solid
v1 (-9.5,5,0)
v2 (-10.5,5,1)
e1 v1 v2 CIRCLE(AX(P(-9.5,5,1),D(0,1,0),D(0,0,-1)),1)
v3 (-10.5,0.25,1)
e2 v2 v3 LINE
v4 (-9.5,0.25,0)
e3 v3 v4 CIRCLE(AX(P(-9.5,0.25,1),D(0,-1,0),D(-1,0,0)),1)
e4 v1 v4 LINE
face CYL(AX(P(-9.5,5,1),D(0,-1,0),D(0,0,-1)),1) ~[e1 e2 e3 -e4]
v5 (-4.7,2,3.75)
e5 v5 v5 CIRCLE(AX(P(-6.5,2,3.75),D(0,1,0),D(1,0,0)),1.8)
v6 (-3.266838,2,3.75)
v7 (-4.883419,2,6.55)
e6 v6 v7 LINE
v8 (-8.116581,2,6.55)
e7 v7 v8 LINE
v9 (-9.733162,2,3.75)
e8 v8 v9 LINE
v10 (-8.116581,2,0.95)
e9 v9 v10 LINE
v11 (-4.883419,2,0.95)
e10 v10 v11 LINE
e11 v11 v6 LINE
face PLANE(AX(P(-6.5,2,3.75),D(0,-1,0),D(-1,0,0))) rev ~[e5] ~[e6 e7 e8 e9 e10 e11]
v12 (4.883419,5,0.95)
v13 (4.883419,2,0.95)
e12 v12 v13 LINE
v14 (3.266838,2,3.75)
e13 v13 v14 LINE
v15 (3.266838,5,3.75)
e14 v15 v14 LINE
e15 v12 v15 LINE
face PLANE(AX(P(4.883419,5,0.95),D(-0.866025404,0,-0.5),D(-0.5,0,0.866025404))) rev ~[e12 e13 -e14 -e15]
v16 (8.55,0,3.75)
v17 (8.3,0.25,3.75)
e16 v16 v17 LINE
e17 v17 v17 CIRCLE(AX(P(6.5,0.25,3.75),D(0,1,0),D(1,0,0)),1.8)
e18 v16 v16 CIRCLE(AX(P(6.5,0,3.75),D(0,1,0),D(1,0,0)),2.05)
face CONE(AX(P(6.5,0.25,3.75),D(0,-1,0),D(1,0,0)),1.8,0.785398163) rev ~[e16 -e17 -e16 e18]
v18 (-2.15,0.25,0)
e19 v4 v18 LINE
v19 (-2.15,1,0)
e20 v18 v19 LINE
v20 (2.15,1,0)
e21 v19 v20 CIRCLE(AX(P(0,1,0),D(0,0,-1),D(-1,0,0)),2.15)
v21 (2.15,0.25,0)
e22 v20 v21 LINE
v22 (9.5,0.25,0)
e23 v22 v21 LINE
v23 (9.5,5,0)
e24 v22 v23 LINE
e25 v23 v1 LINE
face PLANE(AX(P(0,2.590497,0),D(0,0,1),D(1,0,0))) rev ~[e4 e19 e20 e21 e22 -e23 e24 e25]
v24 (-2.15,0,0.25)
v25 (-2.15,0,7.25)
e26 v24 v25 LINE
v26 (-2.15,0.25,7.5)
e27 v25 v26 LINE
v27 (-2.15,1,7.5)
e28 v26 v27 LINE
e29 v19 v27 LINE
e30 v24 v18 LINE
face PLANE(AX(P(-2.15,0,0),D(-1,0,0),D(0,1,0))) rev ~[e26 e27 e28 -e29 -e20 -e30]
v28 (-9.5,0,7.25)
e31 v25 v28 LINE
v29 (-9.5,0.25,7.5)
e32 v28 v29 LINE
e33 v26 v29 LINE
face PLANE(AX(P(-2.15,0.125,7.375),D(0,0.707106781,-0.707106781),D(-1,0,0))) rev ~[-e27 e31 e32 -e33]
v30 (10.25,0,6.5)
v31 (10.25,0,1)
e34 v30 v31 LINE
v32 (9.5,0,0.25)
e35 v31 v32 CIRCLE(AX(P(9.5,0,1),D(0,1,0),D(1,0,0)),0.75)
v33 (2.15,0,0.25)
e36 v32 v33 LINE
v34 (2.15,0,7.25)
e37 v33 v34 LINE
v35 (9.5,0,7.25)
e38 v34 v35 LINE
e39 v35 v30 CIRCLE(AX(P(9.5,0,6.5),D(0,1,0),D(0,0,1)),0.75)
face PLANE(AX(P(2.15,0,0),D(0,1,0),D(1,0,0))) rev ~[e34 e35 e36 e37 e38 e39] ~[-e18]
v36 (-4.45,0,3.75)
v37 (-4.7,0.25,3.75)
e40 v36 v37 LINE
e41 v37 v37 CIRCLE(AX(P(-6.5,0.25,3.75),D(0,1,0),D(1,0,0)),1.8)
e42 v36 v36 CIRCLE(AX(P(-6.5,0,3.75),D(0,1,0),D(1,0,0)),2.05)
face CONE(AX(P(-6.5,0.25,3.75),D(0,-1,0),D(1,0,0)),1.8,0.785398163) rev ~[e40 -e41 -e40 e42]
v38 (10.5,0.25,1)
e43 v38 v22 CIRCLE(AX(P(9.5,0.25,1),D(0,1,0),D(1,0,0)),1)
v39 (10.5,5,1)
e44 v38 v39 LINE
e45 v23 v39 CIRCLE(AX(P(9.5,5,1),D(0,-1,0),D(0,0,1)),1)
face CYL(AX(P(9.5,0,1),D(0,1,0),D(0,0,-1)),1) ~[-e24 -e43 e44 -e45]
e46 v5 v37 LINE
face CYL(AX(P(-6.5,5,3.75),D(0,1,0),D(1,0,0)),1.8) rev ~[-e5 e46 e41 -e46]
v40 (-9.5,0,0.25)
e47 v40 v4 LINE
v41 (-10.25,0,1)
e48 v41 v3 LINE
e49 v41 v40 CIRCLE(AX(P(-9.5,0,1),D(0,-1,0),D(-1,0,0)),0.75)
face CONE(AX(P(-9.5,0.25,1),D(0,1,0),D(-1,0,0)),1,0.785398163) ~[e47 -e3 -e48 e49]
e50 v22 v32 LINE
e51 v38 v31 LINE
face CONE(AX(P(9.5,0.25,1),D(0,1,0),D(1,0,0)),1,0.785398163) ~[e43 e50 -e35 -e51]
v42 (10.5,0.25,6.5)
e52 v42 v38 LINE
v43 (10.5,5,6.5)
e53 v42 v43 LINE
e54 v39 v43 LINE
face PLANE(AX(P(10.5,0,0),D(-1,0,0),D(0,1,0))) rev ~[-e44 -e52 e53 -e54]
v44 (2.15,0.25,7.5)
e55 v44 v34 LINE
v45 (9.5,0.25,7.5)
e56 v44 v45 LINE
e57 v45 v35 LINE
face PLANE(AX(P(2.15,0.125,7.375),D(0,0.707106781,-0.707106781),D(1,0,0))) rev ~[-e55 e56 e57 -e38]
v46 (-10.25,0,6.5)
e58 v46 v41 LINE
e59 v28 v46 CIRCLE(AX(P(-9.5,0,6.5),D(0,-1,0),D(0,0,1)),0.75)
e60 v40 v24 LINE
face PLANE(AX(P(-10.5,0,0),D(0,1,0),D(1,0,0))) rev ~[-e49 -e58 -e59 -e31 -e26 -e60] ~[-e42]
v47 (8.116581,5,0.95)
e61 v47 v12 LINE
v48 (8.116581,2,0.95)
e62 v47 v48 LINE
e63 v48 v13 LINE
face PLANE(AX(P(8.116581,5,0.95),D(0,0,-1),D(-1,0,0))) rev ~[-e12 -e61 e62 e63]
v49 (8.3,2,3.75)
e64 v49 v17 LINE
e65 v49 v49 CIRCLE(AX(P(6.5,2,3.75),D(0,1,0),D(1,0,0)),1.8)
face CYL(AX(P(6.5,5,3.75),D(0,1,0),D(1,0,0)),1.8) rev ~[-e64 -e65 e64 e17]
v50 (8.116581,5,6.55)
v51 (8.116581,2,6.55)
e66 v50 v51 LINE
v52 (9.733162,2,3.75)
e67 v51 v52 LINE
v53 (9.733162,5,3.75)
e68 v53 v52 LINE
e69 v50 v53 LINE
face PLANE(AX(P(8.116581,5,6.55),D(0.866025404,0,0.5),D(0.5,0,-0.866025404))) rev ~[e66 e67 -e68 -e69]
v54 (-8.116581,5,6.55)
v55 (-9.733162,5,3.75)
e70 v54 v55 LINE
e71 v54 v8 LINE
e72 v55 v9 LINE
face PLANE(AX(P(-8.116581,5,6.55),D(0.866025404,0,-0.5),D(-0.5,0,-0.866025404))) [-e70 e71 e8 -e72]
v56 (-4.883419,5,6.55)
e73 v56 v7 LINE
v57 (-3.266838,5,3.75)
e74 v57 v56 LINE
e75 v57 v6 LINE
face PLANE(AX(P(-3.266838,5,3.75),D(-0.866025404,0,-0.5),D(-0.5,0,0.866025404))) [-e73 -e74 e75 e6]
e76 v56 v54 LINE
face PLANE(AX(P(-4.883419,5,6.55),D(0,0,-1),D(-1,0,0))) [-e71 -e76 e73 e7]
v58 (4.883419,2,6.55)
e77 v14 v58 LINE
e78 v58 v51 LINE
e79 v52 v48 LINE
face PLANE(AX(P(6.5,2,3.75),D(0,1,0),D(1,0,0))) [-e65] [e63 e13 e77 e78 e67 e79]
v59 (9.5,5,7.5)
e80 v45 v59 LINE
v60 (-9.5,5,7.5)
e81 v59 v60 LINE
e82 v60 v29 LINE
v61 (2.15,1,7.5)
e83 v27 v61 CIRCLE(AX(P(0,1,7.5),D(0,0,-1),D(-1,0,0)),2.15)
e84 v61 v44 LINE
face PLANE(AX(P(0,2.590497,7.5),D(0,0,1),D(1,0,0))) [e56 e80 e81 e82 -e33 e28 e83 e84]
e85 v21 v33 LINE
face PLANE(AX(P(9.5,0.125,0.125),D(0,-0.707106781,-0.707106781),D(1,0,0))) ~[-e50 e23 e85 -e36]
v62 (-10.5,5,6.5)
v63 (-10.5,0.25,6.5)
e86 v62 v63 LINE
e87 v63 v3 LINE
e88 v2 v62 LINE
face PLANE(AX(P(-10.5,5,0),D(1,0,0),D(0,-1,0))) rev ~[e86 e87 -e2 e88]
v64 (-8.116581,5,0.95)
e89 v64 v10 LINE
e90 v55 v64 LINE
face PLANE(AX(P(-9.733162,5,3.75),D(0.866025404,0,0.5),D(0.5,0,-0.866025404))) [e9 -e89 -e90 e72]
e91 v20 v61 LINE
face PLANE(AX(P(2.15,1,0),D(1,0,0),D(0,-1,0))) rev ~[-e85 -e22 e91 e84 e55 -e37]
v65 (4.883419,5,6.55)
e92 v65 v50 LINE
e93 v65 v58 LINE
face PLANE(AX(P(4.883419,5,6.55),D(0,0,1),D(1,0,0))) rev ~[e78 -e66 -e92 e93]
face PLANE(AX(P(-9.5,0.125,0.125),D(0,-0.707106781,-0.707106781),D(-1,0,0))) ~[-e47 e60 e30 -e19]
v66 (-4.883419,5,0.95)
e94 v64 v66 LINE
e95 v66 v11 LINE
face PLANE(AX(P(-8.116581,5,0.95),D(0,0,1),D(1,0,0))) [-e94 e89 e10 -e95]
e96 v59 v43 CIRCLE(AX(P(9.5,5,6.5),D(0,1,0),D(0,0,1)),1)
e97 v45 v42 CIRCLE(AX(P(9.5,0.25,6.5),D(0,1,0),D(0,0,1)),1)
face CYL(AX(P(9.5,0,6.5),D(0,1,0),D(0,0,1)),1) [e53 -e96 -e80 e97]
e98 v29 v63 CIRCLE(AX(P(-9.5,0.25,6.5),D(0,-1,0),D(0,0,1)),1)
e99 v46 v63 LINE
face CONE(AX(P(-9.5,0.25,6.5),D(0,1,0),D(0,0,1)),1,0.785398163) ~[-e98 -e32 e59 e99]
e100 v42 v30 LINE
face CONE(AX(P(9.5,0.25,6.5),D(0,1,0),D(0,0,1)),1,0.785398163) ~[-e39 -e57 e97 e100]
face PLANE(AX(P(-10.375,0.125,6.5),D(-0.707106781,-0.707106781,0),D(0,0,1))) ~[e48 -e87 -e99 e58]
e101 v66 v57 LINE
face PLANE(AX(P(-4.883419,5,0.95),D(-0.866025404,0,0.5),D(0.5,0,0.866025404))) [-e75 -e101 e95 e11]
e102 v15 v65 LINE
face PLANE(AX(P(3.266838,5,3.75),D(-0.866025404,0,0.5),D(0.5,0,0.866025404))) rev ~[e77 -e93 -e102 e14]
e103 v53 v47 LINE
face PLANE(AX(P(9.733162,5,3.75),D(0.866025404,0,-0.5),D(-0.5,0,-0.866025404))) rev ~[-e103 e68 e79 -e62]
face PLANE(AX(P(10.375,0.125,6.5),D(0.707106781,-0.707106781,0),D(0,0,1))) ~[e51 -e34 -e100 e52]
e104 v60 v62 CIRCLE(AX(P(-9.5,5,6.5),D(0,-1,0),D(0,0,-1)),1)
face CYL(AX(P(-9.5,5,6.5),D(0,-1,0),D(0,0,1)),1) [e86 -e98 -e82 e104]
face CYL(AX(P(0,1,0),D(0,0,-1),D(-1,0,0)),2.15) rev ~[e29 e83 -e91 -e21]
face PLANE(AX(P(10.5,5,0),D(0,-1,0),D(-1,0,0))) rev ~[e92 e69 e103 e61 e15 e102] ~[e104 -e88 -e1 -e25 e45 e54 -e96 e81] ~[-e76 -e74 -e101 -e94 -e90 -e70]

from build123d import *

# Parameters (mm, degrees)
EXTRUDE1_DEPTH = 7.5
SKETCH2_R      = 1.8
EXTRUDE2_DEPTH = 14.838352503
SKETCH_R       = 1.8
EXTRUDE3_DEPTH = 3
FILLET1_R      = 1
CHAMFER1_SIZE  = 0.25


with BuildPart() as part:
    # Sketch1 → Extrude1 (new body)
    with BuildSketch(Plane.XY):
        with BuildLine():
            Line((-2.15, 0), (-2.15, 1))
            ThreePointArc((-2.15, 1), (0, 3.15), (2.15, 1))
            Line((2.15, 1), (2.15, 0))
            Line((2.15, 0), (10.5, 0))
            Line((10.5, 0), (10.5, 5))
            Line((10.5, 5), (-10.5, 5))
            Line((-10.5, 5), (-10.5, 0))
            Line((-10.5, 0), (-2.15, 0))
        make_face()
    extrude(amount=EXTRUDE1_DEPTH)

    # Sketch2 → Extrude2 (cut, through all)
    with BuildSketch(Plane(origin=(0, 5, 0), x_dir=(1, 0, 0), z_dir=(0, 1, 0))):
        with Locations((6.5, -3.75)):
            Circle(SKETCH2_R)
        with Locations((-6.5, -3.75)):
            Circle(SKETCH2_R)
    extrude(amount=-EXTRUDE2_DEPTH, mode=Mode.SUBTRACT)

    # Sketch → Extrude3 (cut)
    # profile 1 of 2: a face of its own
    with BuildSketch(Plane(origin=(0, 5, 0), x_dir=(1, 0, 0), z_dir=(0, 1, 0))):
        Polygon((-8.116580754, -6.55), (-9.733161507, -3.75), (-8.116580754, -0.95), (-4.883419246, -0.95), (-3.266838493, -3.75), (-4.883419246, -6.55), align=None)
        with Locations((-6.5, -3.75)):
            Circle(SKETCH_R, mode=Mode.SUBTRACT)
    # profile 2 of 2: a face of its own
    with BuildSketch(Plane(origin=(0, 5, 0), x_dir=(1, 0, 0), z_dir=(0, 1, 0))):
        Polygon((9.733161507, -3.75), (8.116580754, -0.95), (4.883419246, -0.95), (3.266838493, -3.75), (4.883419246, -6.55), (8.116580754, -6.55), align=None)
        with Locations((6.5, -3.75)):
            Circle(SKETCH_R, mode=Mode.SUBTRACT)
    extrude(amount=-EXTRUDE3_DEPTH, mode=Mode.SUBTRACT)

    # Fillet1
    fillet1_edges = [part.edges().sort_by_distance(p)[0] for p in [
        (10.5, 2.5, 0),
        (10.5, 2.5, 7.5),
        (-10.5, 2.5, 0),
        (-10.5, 2.5, 7.5),
    ]]
    fillet(fillet1_edges, radius=FILLET1_R)

    # Chamfer1
    chamfer1_edges = [part.edges().sort_by_distance(p)[0] for p in [
        (-8.3, 0, 3.75),
        (4.7, 0, 3.75),
        (5.825, 0, 0),
        (10.207106781, 0, 0.292893219),
        (10.5, 0, 3.75),
        (10.207106781, 0, 7.207106781),
        (5.825, 0, 7.5),
        (-5.825, 0, 0),
        (-10.207106781, 0, 0.292893219),
        (-10.5, 0, 3.75),
        (-10.207106781, 0, 7.207106781),
        (-5.825, 0, 7.5),
    ]]
    chamfer(chamfer1_edges, length=CHAMFER1_SIZE)


solid = part.part
